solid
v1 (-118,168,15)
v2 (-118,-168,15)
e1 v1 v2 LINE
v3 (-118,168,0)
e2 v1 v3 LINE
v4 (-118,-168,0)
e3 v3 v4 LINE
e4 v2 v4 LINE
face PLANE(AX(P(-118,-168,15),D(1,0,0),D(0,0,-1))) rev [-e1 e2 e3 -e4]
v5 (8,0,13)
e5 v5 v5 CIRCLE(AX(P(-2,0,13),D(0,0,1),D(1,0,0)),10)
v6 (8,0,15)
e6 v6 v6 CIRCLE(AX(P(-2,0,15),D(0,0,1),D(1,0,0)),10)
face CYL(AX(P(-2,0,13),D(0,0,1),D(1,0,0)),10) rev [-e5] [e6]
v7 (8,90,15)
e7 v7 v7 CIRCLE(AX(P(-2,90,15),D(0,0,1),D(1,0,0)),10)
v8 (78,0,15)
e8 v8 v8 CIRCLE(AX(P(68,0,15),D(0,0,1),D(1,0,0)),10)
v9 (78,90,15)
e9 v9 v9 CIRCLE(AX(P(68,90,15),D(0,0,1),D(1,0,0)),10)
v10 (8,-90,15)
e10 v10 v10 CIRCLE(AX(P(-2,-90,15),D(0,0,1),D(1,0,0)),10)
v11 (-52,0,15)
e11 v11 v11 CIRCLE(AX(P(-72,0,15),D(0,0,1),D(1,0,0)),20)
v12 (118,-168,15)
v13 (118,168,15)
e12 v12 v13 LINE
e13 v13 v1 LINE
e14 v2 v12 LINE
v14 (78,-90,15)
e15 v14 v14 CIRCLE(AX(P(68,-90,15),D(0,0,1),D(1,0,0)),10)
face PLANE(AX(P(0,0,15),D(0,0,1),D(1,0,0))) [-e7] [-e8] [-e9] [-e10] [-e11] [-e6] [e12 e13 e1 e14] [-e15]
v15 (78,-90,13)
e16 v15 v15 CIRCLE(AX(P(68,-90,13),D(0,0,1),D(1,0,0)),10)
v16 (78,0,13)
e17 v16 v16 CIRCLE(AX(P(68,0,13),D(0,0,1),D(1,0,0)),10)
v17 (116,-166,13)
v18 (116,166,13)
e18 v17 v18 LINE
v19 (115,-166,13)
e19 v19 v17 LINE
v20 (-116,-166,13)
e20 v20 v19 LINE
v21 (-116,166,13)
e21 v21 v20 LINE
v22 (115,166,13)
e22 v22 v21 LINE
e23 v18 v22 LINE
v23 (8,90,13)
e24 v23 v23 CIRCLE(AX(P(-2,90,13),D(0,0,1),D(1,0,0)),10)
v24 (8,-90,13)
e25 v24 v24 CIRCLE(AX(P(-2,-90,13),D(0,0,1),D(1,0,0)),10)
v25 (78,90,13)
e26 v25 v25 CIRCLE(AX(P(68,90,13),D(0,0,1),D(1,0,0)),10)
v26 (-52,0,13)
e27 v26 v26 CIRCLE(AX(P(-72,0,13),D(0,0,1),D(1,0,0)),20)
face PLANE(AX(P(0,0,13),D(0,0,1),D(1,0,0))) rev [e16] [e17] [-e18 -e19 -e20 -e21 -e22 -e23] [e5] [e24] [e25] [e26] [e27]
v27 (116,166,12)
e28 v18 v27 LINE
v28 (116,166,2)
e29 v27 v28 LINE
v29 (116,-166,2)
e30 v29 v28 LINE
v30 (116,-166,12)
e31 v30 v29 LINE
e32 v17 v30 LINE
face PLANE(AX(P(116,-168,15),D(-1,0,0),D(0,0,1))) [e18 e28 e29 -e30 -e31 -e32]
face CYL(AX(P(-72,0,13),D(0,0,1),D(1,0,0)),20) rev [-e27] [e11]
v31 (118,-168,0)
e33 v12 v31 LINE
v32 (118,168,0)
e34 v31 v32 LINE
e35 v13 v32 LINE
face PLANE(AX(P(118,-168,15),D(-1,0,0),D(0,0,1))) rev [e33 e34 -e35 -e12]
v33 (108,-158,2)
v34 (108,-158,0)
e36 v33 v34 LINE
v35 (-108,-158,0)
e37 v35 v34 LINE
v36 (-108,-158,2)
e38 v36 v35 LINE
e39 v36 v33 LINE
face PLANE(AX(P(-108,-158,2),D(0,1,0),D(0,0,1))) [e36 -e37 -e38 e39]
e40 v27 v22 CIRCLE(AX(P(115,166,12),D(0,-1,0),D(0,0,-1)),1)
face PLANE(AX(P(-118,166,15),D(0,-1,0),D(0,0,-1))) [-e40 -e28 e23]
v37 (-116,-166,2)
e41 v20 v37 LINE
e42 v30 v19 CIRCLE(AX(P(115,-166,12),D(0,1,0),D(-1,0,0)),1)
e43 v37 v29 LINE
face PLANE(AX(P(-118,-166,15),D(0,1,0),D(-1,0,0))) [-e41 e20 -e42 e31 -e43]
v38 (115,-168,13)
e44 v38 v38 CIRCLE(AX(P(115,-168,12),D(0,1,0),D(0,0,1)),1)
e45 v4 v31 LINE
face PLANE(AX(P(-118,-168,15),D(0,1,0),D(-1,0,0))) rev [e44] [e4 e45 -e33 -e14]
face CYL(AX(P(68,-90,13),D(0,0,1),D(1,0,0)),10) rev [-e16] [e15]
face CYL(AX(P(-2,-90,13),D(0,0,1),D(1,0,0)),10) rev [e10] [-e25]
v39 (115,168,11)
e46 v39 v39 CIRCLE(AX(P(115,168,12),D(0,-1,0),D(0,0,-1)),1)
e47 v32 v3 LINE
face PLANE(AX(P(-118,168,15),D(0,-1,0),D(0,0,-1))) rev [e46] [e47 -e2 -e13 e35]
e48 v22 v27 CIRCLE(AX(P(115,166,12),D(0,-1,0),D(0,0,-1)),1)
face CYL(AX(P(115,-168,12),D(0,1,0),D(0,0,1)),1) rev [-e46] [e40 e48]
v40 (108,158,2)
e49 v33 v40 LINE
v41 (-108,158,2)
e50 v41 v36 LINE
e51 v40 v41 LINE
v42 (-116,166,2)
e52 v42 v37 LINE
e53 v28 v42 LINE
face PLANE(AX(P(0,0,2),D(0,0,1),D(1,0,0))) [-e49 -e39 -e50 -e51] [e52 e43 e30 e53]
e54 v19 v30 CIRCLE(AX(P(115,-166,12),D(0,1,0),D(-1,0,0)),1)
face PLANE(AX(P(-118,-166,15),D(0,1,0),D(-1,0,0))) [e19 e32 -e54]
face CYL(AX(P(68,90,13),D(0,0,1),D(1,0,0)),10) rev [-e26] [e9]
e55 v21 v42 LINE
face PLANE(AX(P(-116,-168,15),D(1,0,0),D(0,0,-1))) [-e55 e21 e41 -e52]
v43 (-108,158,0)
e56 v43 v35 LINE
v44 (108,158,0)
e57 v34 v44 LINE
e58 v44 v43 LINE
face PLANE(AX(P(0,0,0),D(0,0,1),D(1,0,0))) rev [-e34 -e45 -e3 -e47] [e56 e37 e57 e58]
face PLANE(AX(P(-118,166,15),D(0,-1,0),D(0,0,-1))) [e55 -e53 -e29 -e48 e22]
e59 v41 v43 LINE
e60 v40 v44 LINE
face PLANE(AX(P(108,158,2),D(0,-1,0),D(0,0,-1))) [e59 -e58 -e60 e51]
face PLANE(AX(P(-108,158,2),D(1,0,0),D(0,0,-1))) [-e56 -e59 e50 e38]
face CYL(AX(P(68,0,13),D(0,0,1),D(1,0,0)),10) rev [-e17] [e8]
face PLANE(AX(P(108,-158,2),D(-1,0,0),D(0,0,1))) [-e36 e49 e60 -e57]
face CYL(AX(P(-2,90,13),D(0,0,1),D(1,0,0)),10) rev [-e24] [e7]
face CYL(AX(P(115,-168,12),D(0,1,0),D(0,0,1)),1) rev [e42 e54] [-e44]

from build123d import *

# Parameters (mm, degrees)
SKETCH_1_W               = 236
SKETCH_1_H               = 336
EXTRUDE_1_DEPTH          = 15
SHELL_2_T                = -2
SKETCH_2_W               = 232
SKETCH_2_H               = 332
SKETCH_2_W_2             = 216
SKETCH_2_H_2             = 316
EXTRUDE_2_DEPTH          = 2
CUT_EXTRUDE_1_DEPTH      = 357.433724555
CUT_EXTRUDE_1_DEPTH_BACK = 357.433724555
SKETCH_3_R               = 1
SKETCH_4_R               = 20
SKETCH_4_R_2             = 10
CUT_EXTRUDE_2_DEPTH      = 2


with BuildPart() as part:
    # 草图1 → 凸台-拉伸1 (new body)
    with BuildSketch(Plane.XY):
        Rectangle(SKETCH_1_W, SKETCH_1_H)
    extrude(amount=EXTRUDE_1_DEPTH)

    # 抽壳2
    shell_2_openings = [part.faces().sort_by_distance(p)[0] for p in [
        (0, 0, 0),
    ]]
    offset(amount=SHELL_2_T, openings=shell_2_openings, kind=Kind.INTERSECTION)

    # 草图2 → 凸台-拉伸2 (add)
    with BuildSketch(Plane.XY):
        Rectangle(SKETCH_2_W, SKETCH_2_H)
        Rectangle(SKETCH_2_W_2, SKETCH_2_H_2, mode=Mode.SUBTRACT)
    extrude(amount=EXTRUDE_2_DEPTH)

    # 草图3 → 切除-拉伸1 (cut, two sides: drawn at the far end of the back side and taken through both)
    with BuildSketch(Plane(origin=(0, 168, 0), x_dir=(1, 0, 0), z_dir=(0, 1, 0)).offset(-CUT_EXTRUDE_1_DEPTH_BACK)):
        with Locations(Location((115, -12, 0), (0, 0, 270))):
            Circle(SKETCH_3_R)
    extrude(amount=CUT_EXTRUDE_1_DEPTH + CUT_EXTRUDE_1_DEPTH_BACK, mode=Mode.SUBTRACT)

    # 草图4 → 切除-拉伸2 (cut)
    with BuildSketch(Plane.XY.offset(15)):
        with Locations((-72, 0)):
            Circle(SKETCH_4_R)
        with Locations((-2, 0)):
            Circle(SKETCH_4_R_2)
        with Locations((68, 0)):
            Circle(SKETCH_4_R_2)
        with Locations((68, 90)):
            Circle(SKETCH_4_R_2)
        with Locations((-2, 90)):
            Circle(SKETCH_4_R_2)
        with Locations((68, -90)):
            Circle(SKETCH_4_R_2)
        with Locations((-2, -90)):
            Circle(SKETCH_4_R_2)
    extrude(amount=-CUT_EXTRUDE_2_DEPTH, mode=Mode.SUBTRACT)


solid = part.part
